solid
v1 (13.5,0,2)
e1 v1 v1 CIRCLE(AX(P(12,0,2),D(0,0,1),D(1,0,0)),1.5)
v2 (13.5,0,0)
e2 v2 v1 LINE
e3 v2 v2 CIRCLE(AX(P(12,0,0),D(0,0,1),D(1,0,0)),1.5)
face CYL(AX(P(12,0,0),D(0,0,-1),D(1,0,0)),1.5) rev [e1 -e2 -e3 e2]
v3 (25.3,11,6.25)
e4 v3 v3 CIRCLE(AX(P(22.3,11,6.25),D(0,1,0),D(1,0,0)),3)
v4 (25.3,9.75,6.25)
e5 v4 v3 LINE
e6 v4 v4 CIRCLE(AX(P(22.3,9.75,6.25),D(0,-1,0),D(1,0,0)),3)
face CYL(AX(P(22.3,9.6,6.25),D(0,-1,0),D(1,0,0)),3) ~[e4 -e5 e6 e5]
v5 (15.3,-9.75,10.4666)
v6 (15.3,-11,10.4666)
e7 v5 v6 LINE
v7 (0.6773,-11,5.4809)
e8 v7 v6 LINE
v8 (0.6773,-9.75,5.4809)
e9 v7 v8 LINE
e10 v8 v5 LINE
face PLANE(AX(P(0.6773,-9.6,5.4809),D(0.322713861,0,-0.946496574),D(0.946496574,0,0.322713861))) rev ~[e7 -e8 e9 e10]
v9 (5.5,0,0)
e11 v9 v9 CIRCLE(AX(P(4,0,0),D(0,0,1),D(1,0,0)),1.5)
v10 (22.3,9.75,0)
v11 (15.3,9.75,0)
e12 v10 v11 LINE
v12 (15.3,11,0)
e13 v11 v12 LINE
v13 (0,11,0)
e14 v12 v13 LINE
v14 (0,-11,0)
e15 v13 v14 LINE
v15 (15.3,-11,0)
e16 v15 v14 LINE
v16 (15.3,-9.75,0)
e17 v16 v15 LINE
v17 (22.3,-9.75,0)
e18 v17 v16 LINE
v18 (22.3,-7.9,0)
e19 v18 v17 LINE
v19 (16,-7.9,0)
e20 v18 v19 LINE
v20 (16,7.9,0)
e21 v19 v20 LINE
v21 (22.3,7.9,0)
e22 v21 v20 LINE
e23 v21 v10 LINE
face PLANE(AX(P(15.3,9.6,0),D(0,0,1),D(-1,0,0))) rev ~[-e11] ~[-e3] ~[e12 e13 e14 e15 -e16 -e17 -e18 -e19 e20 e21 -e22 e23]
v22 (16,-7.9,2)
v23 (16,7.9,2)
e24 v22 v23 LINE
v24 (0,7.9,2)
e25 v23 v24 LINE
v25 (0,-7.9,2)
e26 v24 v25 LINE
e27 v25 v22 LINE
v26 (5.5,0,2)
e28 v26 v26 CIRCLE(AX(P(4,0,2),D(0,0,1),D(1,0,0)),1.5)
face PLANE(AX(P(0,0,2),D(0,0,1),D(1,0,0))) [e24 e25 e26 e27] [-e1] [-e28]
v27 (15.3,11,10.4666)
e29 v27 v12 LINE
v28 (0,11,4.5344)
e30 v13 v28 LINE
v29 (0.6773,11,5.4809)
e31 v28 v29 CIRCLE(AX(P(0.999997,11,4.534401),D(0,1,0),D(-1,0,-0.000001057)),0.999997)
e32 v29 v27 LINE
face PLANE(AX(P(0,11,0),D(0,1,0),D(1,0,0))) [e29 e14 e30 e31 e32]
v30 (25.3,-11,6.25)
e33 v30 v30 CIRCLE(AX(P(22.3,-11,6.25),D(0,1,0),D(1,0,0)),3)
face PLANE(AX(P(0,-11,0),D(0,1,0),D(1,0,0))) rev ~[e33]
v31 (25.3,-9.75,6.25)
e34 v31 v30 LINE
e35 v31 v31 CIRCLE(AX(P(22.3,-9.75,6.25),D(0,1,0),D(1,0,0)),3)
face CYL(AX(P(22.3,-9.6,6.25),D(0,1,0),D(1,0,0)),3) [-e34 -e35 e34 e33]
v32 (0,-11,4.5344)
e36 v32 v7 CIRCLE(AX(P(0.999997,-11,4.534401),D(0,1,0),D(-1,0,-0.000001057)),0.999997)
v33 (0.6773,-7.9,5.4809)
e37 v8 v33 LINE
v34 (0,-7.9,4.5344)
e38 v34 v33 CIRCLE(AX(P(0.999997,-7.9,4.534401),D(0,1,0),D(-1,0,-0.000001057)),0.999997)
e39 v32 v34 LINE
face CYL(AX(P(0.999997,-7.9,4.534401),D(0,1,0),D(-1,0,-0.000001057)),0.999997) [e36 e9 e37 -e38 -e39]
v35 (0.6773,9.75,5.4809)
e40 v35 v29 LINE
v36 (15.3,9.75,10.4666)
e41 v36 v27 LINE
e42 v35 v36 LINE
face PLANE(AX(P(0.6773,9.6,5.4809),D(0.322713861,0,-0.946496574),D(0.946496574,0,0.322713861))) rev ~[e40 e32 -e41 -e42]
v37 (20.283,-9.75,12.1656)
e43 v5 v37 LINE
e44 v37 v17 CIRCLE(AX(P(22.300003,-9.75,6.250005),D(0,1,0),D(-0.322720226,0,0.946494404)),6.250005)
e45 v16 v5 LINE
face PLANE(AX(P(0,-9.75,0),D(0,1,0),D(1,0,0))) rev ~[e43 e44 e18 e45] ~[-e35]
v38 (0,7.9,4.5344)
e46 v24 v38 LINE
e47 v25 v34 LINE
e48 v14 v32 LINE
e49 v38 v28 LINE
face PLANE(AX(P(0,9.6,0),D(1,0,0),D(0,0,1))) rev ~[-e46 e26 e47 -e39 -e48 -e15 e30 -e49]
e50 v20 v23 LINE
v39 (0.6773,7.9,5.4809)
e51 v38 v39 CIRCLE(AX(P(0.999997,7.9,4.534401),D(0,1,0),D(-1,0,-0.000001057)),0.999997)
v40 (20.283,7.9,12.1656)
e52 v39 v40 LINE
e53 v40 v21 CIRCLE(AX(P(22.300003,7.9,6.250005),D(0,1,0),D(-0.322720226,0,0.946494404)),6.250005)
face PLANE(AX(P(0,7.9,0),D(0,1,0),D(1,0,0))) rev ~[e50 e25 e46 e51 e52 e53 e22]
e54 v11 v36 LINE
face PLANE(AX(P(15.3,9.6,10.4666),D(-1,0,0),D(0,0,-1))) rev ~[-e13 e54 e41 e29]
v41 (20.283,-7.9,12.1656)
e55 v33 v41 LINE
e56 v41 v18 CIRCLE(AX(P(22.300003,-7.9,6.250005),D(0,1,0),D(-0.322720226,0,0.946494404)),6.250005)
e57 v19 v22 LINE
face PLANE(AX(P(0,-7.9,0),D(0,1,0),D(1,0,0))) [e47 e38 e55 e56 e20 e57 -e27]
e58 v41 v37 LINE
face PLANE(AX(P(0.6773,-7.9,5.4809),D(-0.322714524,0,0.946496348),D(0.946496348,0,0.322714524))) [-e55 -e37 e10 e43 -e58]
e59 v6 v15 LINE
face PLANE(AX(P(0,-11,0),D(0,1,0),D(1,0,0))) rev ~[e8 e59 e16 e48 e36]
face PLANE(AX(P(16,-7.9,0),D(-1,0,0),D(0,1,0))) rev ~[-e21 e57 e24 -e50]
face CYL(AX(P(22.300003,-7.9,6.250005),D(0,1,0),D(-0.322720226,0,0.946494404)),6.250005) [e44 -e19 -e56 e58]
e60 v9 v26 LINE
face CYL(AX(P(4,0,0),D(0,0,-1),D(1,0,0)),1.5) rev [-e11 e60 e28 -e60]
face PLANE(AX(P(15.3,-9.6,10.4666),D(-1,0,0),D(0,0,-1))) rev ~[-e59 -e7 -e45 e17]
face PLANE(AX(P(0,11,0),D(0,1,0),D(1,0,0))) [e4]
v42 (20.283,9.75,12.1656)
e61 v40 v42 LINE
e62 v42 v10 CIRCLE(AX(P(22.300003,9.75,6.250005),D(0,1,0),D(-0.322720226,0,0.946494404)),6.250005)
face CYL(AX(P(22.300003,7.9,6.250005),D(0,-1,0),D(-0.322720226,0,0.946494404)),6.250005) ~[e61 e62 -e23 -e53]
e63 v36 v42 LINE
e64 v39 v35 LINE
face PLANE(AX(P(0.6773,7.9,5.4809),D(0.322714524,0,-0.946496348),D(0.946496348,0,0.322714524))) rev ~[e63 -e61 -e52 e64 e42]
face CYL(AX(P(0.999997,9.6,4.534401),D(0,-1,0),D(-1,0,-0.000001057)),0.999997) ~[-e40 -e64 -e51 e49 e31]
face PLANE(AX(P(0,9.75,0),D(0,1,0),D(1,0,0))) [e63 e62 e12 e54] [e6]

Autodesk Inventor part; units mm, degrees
sketch "Sketch_77" plane through (0, 0, 0) normal (0, 0, 1) x (1, 0, 0)
  line L0 (0, 7.9) -> (0, -7.9)
  line L1 (0, -7.9) -> (16, -7.9)
  line L2 (16, -7.9) -> (16, 7.9)
  line L3 (16, 7.9) -> (0, 7.9)
  circle A0 centre (12, 0) radius 1.5
  circle A1 centre (4, 0) radius 1.5
extrude "Extrusion1" add sketch "Sketch_77" along normal blind 2
sketch "Sketch_78" plane through (0, 7.9, 0) normal (0, 1, 0) x (1, 0, 0)
  arc A0 (0, -4.5344) -> (0.6773, -5.4809) centre (1, -4.5344) ccw
  line L0 (0.6773, -5.4809) -> (20.283, -12.1656)
  arc A1 (20.283, -12.1656) -> (22.3, 0) centre (22.3, -6.25) ccw
  line L1 (22.3, 0) -> (0, 0)
  line L2 (0, 0) -> (0, -4.5344)
extrude "Extrusion2" add sketch "Sketch_78" along normal blind 1.85
sketch "Sketch_79" plane through (0, -7.9, 0) normal (0, 1, 0) x (1, 0, 0)
  arc A0 (0, -4.5344) -> (0.6773, -5.4809) centre (1, -4.5344) ccw
  line L0 (0.6773, -5.4809) -> (20.283, -12.1656)
  arc A1 (20.283, -12.1656) -> (22.3, 0) centre (22.3, -6.25) ccw
  line L1 (22.3, 0) -> (0, 0)
  line L2 (0, 0) -> (0, -4.5344)
extrude "Extrusion3" add sketch "Sketch_79" against normal blind 1.85
sketch "Sketch_80" plane through (0, 9.6, 0) normal (0, 1, 0) x (1, 0, 0)
  circle A0 centre (22.3, -6.25) radius 3
extrude "Extrusion4" add sketch "Sketch_80" along normal blind 1.4
sketch "Sketch_81" plane through (0, -9.6, 0) normal (0, 1, 0) x (1, 0, 0)
  circle A0 centre (22.3, -6.25) radius 3
extrude "Extrusion5" add sketch "Sketch_81" along normal mid plane 2.8
sketch "Sketch_82" plane through (0, 9.6, 0) normal (0, 1, 0) x (1, 0, 0)
  arc A0 (0, -4.5344) -> (0.6773, -5.4809) centre (1, -4.5344) ccw
  line L0 (0.6773, -5.4809) -> (15.3, -10.4666)
  line L1 (15.3, -10.4666) -> (15.3, 0)
  line L2 (15.3, 0) -> (0, 0)
  line L3 (0, 0) -> (0, -4.5344)
extrude "Extrusion6" add sketch "Sketch_82" along normal blind 1.4
sketch "Sketch_83" plane through (0, -9.6, 0) normal (0, 1, 0) x (1, 0, 0)
  arc A0 (0, -4.5344) -> (0.6773, -5.4809) centre (1, -4.5344) ccw
  line L0 (0.6773, -5.4809) -> (15.3, -10.4666)
  line L1 (15.3, -10.4666) -> (15.3, 0)
  line L2 (15.3, 0) -> (0, 0)
  line L3 (0, 0) -> (0, -4.5344)
extrude "Extrusion7" add sketch "Sketch_83" along normal mid plane 2.8
ref_plane "end_2_XY" through (22.3, 10.5, 6.25) normal (0, 1, 0) x (1, 0, 0)
ref_plane "end_2_YZ" through (22.3, 10.5, 6.25) normal (1, 0, 0) x (0, 0, -1)
ref_plane "end_2_ZX" through (22.3, 10.5, 6.25) normal (0, 0, -1) x (0, 1, 0)
ref_plane "end_move_XY" through (22.3, -11.5, 6.25) normal (0, -1, 0) x (1, 0, 0)
ref_plane "end_move_YZ" through (22.3, -11.5, 6.25) normal (1, 0, 0) x (0, 0, 1)
ref_plane "end_move_ZX" through (22.3, -11.5, 6.25) normal (0, 0, 1) x (0, -1, 0)
ref_plane "to_dummy_XY" through (0, 0, 0) normal (0, 0, 1) x (1, 0, 0)
ref_plane "to_dummy_YZ" through (0, 0, 0) normal (1, 0, 0) x (0, 1, 0)
ref_plane "to_dummy_ZX" through (0, 0, 0) normal (0, 1, 0) x (0, 0, 1)
properties part number "045-16-2_se08f"
